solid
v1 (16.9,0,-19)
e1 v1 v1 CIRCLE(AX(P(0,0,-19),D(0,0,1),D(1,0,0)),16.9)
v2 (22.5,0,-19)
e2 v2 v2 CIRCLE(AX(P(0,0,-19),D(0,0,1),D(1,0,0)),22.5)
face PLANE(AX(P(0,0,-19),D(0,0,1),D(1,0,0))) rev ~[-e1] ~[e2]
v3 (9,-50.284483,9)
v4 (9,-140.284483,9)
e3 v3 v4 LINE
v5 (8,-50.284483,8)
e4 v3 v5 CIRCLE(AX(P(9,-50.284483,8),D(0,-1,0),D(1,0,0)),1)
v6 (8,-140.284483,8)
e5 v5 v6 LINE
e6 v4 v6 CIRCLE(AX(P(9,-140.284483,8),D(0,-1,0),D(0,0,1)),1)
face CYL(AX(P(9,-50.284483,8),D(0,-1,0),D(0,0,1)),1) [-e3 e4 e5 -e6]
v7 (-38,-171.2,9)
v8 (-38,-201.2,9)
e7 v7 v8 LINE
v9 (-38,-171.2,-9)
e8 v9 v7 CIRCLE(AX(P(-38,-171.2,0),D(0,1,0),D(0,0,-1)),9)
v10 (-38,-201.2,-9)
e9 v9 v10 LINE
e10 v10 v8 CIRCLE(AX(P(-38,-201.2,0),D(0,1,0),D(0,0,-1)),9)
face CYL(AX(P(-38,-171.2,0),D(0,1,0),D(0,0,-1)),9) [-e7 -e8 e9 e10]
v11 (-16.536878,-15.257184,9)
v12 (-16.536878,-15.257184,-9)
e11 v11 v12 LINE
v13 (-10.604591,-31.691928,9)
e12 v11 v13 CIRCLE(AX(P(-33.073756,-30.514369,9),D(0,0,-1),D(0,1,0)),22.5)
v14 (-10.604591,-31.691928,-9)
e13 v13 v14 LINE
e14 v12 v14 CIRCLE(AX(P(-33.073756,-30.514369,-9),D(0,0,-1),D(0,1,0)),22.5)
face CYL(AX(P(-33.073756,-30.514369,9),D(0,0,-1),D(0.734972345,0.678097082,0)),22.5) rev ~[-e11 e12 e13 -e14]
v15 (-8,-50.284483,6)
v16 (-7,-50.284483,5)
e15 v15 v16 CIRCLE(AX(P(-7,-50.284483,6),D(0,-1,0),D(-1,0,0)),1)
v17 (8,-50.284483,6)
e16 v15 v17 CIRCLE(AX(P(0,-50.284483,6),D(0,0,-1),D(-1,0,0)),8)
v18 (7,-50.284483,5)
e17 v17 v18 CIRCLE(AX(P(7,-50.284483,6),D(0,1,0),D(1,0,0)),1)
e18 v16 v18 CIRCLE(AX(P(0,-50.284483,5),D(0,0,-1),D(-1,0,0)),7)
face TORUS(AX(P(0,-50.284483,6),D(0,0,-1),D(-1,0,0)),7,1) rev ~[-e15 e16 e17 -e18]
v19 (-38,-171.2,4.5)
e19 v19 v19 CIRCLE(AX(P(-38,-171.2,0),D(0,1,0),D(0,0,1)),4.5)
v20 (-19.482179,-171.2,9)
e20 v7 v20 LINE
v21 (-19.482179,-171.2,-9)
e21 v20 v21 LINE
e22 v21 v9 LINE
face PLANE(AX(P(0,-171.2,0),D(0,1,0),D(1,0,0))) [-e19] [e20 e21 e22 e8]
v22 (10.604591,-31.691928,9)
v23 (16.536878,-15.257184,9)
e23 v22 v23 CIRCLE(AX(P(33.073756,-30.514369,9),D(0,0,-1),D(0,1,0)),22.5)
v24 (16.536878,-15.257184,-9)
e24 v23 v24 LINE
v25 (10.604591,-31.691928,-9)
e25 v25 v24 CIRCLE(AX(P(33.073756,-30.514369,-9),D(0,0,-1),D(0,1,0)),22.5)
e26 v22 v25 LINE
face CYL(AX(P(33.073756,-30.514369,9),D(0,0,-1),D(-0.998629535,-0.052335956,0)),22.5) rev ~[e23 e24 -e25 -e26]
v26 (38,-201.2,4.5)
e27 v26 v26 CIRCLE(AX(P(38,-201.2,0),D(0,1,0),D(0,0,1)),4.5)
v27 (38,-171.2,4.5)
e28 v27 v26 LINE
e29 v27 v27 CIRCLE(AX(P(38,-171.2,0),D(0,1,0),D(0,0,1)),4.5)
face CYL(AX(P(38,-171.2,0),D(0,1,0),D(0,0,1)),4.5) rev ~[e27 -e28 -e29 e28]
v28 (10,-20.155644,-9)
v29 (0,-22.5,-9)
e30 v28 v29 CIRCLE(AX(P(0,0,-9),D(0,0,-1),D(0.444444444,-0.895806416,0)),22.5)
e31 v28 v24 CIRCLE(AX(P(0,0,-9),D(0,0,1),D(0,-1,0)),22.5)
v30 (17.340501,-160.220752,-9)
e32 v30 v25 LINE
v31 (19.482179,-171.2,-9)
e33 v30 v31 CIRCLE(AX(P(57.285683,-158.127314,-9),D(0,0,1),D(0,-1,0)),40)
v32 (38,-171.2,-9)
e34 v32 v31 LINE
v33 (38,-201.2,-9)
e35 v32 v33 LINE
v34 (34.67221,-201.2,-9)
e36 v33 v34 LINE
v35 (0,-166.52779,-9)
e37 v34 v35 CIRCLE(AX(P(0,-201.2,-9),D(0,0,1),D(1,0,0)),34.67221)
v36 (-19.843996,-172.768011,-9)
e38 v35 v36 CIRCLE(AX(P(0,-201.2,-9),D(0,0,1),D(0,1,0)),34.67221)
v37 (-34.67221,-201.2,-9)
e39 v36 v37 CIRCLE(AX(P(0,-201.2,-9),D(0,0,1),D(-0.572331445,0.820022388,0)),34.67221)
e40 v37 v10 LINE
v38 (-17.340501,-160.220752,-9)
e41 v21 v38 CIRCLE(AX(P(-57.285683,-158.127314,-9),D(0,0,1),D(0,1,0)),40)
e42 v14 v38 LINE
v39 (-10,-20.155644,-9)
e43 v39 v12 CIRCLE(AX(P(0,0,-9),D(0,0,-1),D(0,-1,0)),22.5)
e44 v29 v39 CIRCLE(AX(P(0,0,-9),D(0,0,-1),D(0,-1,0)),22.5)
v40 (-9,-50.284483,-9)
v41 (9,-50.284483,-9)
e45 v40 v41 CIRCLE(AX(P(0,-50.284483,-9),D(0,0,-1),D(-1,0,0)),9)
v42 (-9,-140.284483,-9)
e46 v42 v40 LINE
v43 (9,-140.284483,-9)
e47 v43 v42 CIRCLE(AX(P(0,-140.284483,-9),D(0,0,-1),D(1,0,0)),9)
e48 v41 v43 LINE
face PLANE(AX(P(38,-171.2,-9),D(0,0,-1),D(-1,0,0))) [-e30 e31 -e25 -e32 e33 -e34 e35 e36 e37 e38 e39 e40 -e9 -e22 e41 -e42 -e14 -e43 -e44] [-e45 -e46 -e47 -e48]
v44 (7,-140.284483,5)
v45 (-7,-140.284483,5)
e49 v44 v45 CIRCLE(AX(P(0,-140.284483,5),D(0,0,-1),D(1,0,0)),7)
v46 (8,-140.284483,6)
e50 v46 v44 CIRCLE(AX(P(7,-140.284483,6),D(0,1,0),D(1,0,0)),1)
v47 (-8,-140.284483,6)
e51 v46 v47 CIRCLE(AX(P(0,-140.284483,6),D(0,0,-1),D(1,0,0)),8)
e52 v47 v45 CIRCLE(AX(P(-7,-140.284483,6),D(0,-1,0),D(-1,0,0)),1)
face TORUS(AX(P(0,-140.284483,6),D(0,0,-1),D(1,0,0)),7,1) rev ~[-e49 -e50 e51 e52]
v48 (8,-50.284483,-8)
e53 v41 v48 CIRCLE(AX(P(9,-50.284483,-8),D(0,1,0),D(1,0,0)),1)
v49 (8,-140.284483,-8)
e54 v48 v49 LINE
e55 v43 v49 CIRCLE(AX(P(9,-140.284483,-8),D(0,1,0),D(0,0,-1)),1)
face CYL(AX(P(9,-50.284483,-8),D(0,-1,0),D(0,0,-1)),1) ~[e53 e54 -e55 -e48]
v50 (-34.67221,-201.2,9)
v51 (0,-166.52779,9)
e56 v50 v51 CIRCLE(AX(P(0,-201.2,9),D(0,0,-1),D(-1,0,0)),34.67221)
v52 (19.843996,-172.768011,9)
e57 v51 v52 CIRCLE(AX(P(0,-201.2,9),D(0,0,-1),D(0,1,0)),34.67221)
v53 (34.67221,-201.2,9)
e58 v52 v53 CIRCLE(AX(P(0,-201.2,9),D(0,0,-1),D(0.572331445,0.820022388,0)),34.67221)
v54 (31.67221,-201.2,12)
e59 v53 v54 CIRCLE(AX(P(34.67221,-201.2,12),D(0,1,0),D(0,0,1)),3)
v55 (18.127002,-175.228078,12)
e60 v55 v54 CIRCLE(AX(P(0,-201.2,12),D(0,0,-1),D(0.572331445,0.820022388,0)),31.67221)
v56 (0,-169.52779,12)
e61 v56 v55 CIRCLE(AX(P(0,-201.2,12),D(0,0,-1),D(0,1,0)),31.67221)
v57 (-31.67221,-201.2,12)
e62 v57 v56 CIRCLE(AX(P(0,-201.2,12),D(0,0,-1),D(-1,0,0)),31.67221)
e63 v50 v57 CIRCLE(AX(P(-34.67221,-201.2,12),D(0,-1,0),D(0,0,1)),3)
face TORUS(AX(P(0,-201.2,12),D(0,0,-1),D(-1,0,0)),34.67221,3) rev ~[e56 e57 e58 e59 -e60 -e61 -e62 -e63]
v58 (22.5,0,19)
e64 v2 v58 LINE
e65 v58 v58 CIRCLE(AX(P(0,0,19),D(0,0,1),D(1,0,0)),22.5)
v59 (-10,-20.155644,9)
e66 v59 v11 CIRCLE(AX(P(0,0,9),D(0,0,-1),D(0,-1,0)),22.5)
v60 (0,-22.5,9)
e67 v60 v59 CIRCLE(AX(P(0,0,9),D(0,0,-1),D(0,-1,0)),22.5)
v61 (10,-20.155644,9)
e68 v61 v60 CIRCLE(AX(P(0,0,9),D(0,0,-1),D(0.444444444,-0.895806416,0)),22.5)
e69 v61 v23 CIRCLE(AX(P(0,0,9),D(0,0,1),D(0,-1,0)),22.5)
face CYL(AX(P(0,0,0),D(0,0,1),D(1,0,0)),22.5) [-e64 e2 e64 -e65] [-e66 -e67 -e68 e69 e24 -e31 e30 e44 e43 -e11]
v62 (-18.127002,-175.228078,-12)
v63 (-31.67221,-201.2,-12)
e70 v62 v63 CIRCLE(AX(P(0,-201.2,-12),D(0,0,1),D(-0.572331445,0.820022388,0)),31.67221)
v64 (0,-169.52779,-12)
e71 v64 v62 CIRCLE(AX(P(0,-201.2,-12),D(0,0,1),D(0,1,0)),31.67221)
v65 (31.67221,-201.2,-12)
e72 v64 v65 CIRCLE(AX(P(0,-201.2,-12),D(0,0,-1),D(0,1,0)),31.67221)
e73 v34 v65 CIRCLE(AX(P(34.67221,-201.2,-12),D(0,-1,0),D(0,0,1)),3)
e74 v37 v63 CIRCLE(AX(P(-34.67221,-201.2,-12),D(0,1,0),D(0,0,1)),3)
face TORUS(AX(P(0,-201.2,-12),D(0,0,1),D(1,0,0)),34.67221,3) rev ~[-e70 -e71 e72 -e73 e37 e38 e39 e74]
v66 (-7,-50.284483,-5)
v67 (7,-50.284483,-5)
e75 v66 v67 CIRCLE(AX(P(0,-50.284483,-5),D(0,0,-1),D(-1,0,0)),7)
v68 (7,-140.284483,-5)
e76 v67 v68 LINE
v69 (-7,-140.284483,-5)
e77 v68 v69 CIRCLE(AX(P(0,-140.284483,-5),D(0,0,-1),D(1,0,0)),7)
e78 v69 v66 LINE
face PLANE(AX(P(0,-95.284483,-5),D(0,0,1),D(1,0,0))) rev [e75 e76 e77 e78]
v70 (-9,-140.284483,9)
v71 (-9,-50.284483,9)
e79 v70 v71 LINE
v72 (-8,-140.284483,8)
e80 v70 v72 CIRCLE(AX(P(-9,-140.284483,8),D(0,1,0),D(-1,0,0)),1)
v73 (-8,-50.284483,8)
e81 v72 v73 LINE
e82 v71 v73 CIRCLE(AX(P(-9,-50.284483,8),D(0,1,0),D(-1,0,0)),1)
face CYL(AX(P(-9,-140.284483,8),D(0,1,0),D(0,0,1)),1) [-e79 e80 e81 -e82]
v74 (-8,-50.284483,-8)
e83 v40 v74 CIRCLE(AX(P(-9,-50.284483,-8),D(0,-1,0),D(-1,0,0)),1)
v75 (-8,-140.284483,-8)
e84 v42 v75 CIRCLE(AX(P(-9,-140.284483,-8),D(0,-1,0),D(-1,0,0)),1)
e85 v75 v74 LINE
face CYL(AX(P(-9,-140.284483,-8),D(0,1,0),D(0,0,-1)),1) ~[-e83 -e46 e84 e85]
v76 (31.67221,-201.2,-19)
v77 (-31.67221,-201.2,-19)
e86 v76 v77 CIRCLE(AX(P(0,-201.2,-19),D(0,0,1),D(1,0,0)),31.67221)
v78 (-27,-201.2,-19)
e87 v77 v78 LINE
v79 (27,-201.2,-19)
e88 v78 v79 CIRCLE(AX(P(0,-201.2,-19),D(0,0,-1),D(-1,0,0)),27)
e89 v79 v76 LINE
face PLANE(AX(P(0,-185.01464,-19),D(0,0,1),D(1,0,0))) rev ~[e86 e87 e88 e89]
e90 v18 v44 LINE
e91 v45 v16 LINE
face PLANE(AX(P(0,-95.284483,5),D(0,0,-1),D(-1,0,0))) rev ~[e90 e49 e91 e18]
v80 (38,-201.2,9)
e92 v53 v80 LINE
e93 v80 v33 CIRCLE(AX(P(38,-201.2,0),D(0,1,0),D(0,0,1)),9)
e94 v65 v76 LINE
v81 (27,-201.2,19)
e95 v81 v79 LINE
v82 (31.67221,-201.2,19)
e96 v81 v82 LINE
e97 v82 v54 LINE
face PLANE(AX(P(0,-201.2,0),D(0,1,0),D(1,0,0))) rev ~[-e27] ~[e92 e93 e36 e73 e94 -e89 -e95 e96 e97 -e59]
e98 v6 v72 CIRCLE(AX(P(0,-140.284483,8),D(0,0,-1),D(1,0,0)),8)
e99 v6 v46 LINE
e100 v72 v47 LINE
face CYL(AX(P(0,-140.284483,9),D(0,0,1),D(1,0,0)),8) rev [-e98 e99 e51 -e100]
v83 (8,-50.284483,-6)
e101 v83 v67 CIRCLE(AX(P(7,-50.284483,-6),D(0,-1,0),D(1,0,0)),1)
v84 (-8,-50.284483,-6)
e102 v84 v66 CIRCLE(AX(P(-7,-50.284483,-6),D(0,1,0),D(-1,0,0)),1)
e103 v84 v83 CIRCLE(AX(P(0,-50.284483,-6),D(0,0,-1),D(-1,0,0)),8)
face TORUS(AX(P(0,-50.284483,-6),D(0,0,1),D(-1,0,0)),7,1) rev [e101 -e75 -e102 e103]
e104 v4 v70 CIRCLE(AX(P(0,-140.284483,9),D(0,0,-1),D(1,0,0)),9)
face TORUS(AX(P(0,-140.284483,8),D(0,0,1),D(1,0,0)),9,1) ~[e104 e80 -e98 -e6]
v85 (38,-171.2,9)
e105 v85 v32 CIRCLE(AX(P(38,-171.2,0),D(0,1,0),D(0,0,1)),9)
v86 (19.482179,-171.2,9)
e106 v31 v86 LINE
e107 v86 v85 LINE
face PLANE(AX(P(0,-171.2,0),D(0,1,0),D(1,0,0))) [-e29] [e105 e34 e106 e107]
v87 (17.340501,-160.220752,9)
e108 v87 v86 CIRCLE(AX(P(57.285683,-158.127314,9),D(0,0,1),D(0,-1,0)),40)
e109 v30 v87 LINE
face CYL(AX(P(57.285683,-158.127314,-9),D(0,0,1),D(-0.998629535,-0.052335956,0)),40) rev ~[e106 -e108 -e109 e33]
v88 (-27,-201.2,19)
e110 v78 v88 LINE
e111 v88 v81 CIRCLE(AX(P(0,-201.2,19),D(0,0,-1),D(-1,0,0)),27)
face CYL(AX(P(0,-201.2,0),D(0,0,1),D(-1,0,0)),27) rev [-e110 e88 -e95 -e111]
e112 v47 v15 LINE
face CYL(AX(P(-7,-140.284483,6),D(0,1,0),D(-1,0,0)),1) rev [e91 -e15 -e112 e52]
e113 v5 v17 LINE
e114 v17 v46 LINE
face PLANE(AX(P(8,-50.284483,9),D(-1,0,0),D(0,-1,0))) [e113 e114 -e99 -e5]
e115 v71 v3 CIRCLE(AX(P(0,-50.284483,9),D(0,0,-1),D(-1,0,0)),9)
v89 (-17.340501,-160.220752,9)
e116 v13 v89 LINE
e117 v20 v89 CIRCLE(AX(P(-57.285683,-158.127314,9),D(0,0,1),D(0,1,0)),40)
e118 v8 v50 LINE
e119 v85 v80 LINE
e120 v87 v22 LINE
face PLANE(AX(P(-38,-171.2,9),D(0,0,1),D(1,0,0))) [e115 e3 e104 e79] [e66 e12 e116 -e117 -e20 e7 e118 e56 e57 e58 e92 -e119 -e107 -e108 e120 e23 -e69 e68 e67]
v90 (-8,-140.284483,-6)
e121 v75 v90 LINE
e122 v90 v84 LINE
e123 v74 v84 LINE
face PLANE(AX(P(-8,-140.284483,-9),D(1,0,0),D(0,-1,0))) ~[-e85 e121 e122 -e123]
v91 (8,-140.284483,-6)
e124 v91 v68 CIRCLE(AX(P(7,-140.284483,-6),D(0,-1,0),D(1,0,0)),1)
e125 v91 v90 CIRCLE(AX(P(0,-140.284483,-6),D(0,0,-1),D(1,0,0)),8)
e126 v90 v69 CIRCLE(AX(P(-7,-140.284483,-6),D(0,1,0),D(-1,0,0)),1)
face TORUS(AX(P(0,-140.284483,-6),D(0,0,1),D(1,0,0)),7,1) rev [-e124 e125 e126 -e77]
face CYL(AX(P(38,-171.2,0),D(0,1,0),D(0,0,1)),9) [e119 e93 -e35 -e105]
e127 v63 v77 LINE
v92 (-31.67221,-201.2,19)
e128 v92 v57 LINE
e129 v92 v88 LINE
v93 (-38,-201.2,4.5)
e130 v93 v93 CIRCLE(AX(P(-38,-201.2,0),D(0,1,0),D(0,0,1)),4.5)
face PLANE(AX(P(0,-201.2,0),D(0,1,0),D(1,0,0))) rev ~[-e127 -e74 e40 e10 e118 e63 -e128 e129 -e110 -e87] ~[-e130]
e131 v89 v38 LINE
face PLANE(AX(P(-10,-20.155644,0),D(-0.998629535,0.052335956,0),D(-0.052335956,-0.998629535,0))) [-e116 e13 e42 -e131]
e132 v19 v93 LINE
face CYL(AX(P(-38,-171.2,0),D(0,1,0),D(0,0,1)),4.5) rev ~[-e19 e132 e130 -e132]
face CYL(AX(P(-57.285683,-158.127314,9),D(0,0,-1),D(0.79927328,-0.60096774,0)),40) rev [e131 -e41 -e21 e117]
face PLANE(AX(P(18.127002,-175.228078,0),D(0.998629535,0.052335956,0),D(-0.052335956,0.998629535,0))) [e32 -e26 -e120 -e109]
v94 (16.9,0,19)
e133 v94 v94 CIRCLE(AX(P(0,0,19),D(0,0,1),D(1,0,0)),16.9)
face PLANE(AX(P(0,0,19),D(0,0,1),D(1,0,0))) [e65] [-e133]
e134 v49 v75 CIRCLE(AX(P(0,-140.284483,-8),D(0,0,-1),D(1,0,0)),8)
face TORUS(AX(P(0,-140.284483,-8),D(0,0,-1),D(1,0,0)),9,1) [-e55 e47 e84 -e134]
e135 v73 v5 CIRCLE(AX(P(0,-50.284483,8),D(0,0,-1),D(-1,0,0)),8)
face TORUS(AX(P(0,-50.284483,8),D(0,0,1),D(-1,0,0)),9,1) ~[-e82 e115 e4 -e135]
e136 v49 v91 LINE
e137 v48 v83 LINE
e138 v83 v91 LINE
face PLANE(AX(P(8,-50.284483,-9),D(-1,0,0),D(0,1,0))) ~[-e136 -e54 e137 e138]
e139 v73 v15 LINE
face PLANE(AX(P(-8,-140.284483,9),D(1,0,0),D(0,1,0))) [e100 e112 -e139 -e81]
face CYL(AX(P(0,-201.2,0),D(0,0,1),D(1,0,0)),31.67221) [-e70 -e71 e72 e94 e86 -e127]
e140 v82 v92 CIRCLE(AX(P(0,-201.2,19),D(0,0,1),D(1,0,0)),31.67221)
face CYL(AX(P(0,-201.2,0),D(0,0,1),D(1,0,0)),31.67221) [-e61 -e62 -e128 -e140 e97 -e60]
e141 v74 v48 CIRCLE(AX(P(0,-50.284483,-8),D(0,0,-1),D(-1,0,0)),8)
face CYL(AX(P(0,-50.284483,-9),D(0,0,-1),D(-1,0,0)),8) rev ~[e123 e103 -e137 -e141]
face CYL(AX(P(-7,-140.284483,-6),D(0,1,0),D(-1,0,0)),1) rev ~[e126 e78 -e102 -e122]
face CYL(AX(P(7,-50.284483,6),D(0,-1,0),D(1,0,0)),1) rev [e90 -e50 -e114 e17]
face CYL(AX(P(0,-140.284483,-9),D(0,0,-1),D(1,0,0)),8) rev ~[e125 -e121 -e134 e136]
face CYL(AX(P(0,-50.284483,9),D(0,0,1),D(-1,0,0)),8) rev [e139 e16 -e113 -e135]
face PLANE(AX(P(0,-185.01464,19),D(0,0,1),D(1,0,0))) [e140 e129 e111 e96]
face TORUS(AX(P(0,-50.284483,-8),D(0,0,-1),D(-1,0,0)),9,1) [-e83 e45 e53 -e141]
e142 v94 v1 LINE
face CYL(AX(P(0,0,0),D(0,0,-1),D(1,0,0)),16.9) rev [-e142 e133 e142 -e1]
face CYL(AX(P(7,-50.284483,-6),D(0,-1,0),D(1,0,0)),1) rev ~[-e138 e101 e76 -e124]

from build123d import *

# Parameters (mm, degrees)
SKETCH1_R             = 22.5
SKETCH1_R_2           = 16.9
BOSS_EXTRUDE1_DEPTH   = 19
BOSS_EXTRUDE1_2_DEPTH = 19
BOSS_EXTRUDE2_DEPTH   = 9
CUT_EXTRUDE1_DEPTH    = 4
FILLET1_R             = 1
FILLET2_R             = 1
FILLET3_R             = 40
FILLET5_R             = 22.5
BOSS_EXTRUDE3_DEPTH   = 30
CUT_EXTRUDE2_DEPTH    = 209.505251732
SKETCH5_R             = 4.5
CUT_EXTRUDE3_DEPTH    = 201.224099449
FILLET6_R             = 3


with BuildPart() as part:
    # Sketch1 → Boss-Extrude1 (new, symmetric)
    with BuildSketch(Plane.XY):
        Circle(SKETCH1_R)
        Circle(SKETCH1_R_2, mode=Mode.SUBTRACT)
    extrude(amount=BOSS_EXTRUDE1_DEPTH, both=True)



with BuildPart() as body_2:
    # Sketch1 → Boss-Extrude1 2 (new, symmetric)
    with BuildSketch(Plane.XY):
        with BuildLine():
            Line((-31.672210335, -201.2), (-27, -201.2))
            ThreePointArc((-27, -201.2), (0, -174.2), (27, -201.2))
            Line((27, -201.2), (31.672210335, -201.2))
            ThreePointArc((31.672210335, -201.2), (0, -169.527789665), (-31.672210335, -201.2))
        make_face()
    extrude(amount=BOSS_EXTRUDE1_2_DEPTH, both=True)


with BuildPart() as part_1:
    add(part.part)

    add(body_2.part)  # Boss-Extrude2 merges body 2
    # Sketch1<3> → Boss-Extrude2 (add, symmetric)
    with BuildSketch(Plane.XY):
        with BuildLine():
            ThreePointArc((10, -20.155644371), (5.135562367, -21.906072199), (0, -22.5))
            Line((0, -22.5), (0, -169.527789665))
            ThreePointArc((0, -169.527789665), (9.501072175, -170.986451134), (18.127001897, -175.228078436))
            Line((18.127001897, -175.228078436), (10, -20.155644371))
        make_face()
        with BuildLine():
            Line((0, -169.527789665), (0, -22.5))
            ThreePointArc((0, -22.5), (-5.135562367, -21.906072199), (-10, -20.155644371))
            Line((-10, -20.155644371), (-18.127001897, -175.228078436))
            ThreePointArc((-18.127001897, -175.228078436), (-9.501072175, -170.986451134), (0, -169.527789665))
        make_face()
    extrude(amount=BOSS_EXTRUDE2_DEPTH, both=True)

    # Sketch2 → Cut-Extrude1 (cut)
    with BuildSketch(Plane.XY.offset(9)):
        with BuildLine():
            Line((8, -50.284483382), (8, -140.284483382))
            ThreePointArc((8, -140.284483382), (0, -148.284483382), (-8, -140.284483382))
            Line((-8, -140.284483382), (-8, -50.284483382))
            ThreePointArc((-8, -50.284483382), (0, -42.284483382), (8, -50.284483382))
        make_face()
    cut_extrude1 = extrude(amount=-CUT_EXTRUDE1_DEPTH, mode=Mode.SUBTRACT)

    # Mirror1: Cut-Extrude1 across plane
    add(cut_extrude1.mirror(Plane.XY), mode=Mode.SUBTRACT)

    # Fillet1
    fillet1_edges = [part_1.edges().sort_by_distance(p)[0] for p in [
        (0, -42.284483382, 5),
        (8, -95.284483382, 5),
        (0, -148.284483382, 5),
        (-8, -95.284483382, 5),
        (0, -42.284483382, 9),
        (-8, -95.284483382, 9),
        (0, -148.284483382, 9),
        (8, -95.284483382, 9),
    ]]
    fillet(fillet1_edges, radius=FILLET1_R)

    # Fillet2
    fillet2_edges = [part_1.edges().sort_by_distance(p)[0] for p in [
        (0, -42.284483382, -9),
        (-8, -95.284483382, -9),
        (0, -148.284483382, -9),
        (8, -95.284483382, -9),
        (0, -42.284483382, -5),
        (-8, -95.284483382, -5),
        (0, -148.284483382, -5),
        (8, -95.284483382, -5),
    ]]
    fillet(fillet2_edges, radius=FILLET2_R)

    # Fillet3
    fillet3_edges = [part_1.edges().sort_by_distance(p)[0] for p in [
        (-18.127001897, -175.228078436, 0),
        (18.127001897, -175.228078436, 0),
    ]]
    fillet(fillet3_edges, radius=FILLET3_R)

    # Fillet5
    fillet5_edges = [part_1.edges().sort_by_distance(p)[0] for p in [
        (10, -20.155644371, 0),
        (-10, -20.155644371, 0),
    ]]
    fillet(fillet5_edges, radius=FILLET5_R)

    # Sketch3 → Boss-Extrude3 (add)
    with BuildSketch(Plane(origin=(0, -171.2, 0), x_dir=(-1, 0, 0), z_dir=(0, -1, 0))):
        with BuildLine():
            Line((38, -9), (-38, -9))
            ThreePointArc((-38, -9), (-47, 0), (-38, 9))
            Line((-38, 9), (38, 9))
            ThreePointArc((38, 9), (47, 0), (38, -9))
        make_face()
    extrude(amount=BOSS_EXTRUDE3_DEPTH)

    # Sketch4 → Cut-Extrude2 (cut, through all)
    with BuildSketch(Plane.XY.offset(9)):
        with BuildLine():
            Line((-27, -201.2), (27, -201.2))
            ThreePointArc((27, -201.2), (0, -174.2), (-27, -201.2))
        make_face()
    extrude(amount=-CUT_EXTRUDE2_DEPTH, mode=Mode.SUBTRACT)

    # Sketch5 → Cut-Extrude3 (cut, through all)
    with BuildSketch(Plane(origin=(0, -171.2, 0), x_dir=(1, 0, 0), z_dir=(0, 1, 0))):
        with Locations(Location((-38, 0, 0), (0, 0, 270))):
            Circle(SKETCH5_R)
        with Locations(Location((38, 0, 0), (0, 0, 270))):
            Circle(SKETCH5_R)
    extrude(amount=-CUT_EXTRUDE3_DEPTH, mode=Mode.SUBTRACT)

    # Fillet6
    fillet6_edges = [part_1.edges().sort_by_distance(p)[0] for p in [
        (0, -169.527789665, 9),
        (0, -169.527789665, -9),
    ]]
    fillet(fillet6_edges, radius=FILLET6_R)


solid = part_1.part
